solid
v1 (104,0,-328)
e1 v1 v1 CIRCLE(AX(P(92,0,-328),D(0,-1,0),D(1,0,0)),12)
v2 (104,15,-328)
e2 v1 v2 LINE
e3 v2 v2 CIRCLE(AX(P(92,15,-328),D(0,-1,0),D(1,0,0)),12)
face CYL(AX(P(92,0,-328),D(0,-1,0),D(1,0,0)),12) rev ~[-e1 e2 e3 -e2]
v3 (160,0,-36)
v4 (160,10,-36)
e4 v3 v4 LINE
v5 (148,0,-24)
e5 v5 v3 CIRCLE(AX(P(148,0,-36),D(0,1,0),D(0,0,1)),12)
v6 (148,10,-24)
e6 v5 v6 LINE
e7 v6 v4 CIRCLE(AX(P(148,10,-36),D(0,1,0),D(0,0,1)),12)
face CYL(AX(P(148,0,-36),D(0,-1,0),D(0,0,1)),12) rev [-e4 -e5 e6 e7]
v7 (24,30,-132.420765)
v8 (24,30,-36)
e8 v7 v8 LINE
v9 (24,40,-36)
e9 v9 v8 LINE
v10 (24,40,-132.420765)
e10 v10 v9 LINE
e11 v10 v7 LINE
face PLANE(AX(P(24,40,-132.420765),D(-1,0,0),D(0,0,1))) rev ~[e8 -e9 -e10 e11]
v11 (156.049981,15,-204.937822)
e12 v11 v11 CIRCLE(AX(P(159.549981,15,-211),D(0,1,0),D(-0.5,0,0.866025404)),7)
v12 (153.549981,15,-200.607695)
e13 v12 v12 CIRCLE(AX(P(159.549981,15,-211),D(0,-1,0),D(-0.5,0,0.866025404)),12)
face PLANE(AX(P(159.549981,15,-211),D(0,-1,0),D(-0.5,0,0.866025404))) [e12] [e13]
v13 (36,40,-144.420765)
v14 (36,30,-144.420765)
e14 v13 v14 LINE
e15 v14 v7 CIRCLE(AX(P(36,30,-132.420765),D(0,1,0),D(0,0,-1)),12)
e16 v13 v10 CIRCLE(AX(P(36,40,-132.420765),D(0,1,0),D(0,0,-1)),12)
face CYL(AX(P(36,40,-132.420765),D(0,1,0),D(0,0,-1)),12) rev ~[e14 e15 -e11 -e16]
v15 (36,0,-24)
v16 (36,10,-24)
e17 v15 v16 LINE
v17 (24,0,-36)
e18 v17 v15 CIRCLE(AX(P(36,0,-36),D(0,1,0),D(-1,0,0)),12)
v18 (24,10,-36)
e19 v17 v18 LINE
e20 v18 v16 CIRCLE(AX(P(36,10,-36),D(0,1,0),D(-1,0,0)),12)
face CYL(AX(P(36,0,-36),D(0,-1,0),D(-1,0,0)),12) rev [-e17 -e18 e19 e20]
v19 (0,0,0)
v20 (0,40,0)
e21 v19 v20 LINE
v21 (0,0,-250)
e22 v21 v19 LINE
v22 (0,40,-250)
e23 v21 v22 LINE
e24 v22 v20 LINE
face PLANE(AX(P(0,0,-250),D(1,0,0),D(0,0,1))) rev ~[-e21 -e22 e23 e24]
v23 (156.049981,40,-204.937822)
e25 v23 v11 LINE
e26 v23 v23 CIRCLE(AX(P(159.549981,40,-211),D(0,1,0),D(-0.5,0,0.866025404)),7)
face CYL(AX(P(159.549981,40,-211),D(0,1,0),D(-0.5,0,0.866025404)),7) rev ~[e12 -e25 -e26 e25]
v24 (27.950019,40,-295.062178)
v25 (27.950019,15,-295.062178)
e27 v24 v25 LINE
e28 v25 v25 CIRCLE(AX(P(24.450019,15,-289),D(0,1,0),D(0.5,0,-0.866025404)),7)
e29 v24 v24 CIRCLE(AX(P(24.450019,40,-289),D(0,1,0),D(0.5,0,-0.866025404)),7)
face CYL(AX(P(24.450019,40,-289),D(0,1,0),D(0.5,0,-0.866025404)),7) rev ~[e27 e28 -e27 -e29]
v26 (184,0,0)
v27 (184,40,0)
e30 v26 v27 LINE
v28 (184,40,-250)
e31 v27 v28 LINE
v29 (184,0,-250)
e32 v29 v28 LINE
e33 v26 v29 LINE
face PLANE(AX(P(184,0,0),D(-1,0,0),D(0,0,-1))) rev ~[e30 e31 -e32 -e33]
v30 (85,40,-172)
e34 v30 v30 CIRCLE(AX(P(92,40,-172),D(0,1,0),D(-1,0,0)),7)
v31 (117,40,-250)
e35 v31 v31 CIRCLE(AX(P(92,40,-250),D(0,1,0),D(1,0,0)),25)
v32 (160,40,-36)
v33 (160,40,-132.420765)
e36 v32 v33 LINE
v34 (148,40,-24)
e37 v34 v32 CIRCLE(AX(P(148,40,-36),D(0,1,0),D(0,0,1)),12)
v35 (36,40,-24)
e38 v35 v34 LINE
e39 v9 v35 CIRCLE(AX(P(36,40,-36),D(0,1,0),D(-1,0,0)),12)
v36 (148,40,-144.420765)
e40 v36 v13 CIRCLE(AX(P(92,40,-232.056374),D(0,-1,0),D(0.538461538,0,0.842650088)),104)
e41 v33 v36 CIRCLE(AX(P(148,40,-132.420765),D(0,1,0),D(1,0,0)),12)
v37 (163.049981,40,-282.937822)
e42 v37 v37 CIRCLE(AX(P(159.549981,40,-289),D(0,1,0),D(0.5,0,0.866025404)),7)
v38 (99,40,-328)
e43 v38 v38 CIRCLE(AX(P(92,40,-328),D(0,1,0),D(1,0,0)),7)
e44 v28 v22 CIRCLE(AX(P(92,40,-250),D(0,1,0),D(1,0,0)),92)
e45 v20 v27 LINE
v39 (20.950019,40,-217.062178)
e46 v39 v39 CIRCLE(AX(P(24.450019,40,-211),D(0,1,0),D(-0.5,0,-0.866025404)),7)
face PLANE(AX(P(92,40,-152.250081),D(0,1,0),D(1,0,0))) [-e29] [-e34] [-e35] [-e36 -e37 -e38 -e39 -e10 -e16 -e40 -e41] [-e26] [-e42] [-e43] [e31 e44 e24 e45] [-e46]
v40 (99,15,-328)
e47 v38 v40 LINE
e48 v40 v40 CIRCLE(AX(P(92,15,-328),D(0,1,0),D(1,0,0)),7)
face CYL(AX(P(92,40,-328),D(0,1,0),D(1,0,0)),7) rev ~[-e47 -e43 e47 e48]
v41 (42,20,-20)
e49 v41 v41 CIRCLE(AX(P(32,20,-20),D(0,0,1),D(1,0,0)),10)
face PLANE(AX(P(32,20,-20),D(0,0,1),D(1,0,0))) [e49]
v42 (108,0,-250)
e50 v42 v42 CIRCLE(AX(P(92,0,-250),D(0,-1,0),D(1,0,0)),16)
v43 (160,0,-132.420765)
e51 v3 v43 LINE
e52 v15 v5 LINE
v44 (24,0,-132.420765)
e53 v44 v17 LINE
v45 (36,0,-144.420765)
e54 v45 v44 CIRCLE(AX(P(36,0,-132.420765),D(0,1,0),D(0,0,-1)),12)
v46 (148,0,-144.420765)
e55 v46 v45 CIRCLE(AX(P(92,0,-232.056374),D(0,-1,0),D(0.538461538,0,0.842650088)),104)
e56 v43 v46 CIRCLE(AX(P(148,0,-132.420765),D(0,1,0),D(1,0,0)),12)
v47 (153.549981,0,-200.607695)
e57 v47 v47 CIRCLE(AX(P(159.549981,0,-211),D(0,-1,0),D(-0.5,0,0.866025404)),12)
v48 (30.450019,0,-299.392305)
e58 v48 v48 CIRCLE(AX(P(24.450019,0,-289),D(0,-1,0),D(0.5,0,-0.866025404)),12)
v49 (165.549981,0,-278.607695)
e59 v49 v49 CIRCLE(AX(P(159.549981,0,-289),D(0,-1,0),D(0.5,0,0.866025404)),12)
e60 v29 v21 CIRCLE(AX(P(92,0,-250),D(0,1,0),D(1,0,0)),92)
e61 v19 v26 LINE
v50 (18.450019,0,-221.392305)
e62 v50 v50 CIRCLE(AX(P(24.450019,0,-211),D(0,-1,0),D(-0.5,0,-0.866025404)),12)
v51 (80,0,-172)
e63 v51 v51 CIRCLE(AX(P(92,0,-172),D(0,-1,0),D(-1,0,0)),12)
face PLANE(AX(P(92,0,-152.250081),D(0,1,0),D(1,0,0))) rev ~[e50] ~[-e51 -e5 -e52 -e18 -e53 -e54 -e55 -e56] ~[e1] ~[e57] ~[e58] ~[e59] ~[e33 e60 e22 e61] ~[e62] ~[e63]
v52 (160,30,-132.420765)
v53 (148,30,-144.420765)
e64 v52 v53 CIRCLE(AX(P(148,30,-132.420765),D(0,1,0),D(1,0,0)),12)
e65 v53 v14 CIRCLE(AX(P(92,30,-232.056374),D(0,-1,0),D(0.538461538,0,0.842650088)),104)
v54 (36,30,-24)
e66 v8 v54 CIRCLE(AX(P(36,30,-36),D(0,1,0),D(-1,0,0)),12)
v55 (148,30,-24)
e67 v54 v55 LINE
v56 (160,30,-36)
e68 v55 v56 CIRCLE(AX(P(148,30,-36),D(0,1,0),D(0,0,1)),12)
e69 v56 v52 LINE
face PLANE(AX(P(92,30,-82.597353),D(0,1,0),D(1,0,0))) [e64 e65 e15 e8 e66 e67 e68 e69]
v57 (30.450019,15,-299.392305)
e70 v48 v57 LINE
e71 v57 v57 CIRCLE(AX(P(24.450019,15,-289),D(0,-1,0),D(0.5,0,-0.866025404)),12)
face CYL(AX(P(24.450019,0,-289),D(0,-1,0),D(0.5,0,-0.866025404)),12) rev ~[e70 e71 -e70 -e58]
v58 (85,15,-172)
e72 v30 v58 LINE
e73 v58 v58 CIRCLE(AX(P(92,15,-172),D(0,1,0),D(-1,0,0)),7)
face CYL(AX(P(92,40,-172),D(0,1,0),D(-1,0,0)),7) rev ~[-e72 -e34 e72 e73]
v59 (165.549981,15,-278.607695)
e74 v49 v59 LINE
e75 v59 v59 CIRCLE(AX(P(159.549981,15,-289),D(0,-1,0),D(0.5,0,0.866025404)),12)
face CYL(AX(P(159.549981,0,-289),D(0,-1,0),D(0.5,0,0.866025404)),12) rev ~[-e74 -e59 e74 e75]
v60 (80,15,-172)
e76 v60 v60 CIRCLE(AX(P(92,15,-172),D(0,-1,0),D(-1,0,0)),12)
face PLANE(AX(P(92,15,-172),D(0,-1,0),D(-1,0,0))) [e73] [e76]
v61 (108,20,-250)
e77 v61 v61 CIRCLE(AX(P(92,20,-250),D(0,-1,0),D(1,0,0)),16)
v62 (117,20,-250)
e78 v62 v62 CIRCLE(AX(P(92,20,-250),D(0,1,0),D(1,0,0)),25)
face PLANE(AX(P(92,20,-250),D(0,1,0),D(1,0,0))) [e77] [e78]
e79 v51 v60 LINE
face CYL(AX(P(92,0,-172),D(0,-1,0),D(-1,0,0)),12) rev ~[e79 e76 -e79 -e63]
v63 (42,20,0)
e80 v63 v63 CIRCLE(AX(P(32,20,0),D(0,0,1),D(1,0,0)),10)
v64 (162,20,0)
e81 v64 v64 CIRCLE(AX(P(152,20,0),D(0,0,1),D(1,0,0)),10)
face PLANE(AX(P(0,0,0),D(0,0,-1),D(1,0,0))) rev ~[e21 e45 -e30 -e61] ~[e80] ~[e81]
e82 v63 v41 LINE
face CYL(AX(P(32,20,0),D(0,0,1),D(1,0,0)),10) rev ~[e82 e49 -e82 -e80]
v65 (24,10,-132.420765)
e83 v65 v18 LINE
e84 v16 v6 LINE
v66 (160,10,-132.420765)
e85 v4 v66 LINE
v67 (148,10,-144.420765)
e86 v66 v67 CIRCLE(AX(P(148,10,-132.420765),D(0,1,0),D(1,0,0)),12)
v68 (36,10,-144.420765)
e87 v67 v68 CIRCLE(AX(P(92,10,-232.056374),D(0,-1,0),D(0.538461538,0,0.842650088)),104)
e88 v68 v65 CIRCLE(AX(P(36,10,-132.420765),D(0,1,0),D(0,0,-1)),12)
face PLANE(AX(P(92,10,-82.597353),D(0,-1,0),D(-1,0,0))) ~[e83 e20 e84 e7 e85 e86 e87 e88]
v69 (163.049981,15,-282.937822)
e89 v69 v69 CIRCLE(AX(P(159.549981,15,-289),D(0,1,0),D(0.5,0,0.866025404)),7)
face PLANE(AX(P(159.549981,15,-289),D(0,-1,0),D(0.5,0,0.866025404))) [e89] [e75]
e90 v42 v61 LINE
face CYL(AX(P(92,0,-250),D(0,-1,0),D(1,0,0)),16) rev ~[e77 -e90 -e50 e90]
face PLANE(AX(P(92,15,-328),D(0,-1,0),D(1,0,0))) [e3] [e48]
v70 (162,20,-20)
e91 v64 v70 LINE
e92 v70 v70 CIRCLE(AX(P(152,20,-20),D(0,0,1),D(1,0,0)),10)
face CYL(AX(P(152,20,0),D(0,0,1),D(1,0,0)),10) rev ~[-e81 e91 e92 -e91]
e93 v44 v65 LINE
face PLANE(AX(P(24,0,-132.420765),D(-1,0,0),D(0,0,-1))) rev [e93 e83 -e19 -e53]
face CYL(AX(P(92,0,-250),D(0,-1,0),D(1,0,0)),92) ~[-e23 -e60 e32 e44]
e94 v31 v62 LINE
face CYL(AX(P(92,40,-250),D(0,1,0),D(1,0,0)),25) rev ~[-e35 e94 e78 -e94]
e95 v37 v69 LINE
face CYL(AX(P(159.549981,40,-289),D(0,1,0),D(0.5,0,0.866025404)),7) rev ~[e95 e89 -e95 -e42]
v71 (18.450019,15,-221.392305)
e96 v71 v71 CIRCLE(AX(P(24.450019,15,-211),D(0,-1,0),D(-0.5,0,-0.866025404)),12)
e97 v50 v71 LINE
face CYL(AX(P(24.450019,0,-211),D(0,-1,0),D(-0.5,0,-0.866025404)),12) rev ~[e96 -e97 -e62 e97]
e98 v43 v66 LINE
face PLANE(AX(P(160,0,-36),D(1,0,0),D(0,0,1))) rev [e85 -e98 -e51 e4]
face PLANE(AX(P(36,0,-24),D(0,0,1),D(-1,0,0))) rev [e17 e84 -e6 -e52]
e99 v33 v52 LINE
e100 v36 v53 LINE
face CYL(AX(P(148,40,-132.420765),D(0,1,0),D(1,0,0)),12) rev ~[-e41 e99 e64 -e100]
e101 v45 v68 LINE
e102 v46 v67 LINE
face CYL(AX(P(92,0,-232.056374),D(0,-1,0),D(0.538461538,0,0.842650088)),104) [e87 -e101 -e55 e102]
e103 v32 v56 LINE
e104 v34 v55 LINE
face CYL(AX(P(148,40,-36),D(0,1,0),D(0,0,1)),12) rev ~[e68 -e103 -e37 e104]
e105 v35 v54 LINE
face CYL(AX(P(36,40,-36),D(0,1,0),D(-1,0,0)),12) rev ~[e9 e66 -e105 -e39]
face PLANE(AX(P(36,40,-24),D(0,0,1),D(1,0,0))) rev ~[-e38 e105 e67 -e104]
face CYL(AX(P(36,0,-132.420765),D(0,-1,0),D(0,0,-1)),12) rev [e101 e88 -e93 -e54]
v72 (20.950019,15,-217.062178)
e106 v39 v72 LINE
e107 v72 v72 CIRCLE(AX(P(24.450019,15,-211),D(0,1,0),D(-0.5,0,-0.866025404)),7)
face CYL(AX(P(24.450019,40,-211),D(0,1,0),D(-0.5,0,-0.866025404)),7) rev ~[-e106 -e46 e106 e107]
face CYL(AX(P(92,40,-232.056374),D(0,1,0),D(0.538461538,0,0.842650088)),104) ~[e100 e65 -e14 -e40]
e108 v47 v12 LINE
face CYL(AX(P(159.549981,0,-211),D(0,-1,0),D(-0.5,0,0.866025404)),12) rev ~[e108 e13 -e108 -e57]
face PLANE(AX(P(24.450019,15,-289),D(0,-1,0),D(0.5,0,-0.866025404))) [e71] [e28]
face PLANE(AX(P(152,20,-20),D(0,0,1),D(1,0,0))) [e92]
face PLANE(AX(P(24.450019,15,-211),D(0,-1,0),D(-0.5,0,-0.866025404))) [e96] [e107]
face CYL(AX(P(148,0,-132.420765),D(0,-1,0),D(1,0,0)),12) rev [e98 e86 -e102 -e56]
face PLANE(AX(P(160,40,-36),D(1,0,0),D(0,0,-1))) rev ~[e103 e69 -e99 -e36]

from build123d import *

# Parameters (mm, degrees)
BOSS_EXTRUDE1_DEPTH = 40
SKETCH5_R           = 25
CUT_EXTRUDE1_DEPTH  = 20
SKETCH6_R           = 16
CUT_EXTRUDE2_DEPTH  = 20
SKETCH7_R           = 7
CUT_EXTRUDE3_DEPTH  = 25
CIRPATTERN1_COUNT   = 6
SKETCH8_R           = 12
CUT_EXTRUDE4_DEPTH  = 15
CIRPATTERN2_COUNT   = 6
CUT_EXTRUDE5_DEPTH  = 10
SKETCH13_R          = 10
CUT_EXTRUDE10_DEPTH = 20


with BuildPart() as part:
    # Sketch3 → Boss-Extrude1 (new body)
    with BuildSketch(Plane(origin=(0, 0, 0), x_dir=(1, 0, 0), z_dir=(0, 1, 0))):
        with BuildLine():
            Line((0, 0), (184, 0))
            Line((184, 0), (184, 250))
            ThreePointArc((184, 250), (92, 342), (0, 250))
            Line((0, 250), (0, 0))
        make_face()
    extrude(amount=BOSS_EXTRUDE1_DEPTH)

    # Sketch5 → Cut-Extrude1 (cut)
    with BuildSketch(Plane(origin=(0, 40, 0), x_dir=(1, 0, 0), z_dir=(0, 1, 0))):
        with Locations((92, 250)):
            Circle(SKETCH5_R)
    extrude(amount=-CUT_EXTRUDE1_DEPTH, mode=Mode.SUBTRACT)

    # Sketch6 → Cut-Extrude2 (cut)
    with BuildSketch(Plane.XZ):
        with Locations((92, -250)):
            Circle(SKETCH6_R)
    extrude(amount=-CUT_EXTRUDE2_DEPTH, mode=Mode.SUBTRACT)

    # Sketch7 → Cut-Extrude3 (cut)
    with BuildSketch(Plane(origin=(0, 40, 0), x_dir=(1, 0, 0), z_dir=(0, 1, 0))):
        with Locations((92, 328)):
            Circle(SKETCH7_R)
    cut_extrude3 = extrude(amount=-CUT_EXTRUDE3_DEPTH, mode=Mode.SUBTRACT)

    # CirPattern1: Cut-Extrude3 ×6 about axis
    cirpattern1_axis = Axis((92, 0, -250), (0, 1, 0))
    for i in range(1, CIRPATTERN1_COUNT):
        add(cut_extrude3.rotate(cirpattern1_axis, i * 360 / CIRPATTERN1_COUNT), mode=Mode.SUBTRACT)

    # Sketch8 → Cut-Extrude4 (cut)
    with BuildSketch(Plane.XZ):
        with Locations((92, -328)):
            Circle(SKETCH8_R)
    cut_extrude4 = extrude(amount=-CUT_EXTRUDE4_DEPTH, mode=Mode.SUBTRACT)

    # CirPattern2: Cut-Extrude4 ×6 about axis
    cirpattern2_axis = Axis((92, 0, -250), (0, 1, 0))
    for i in range(1, CIRPATTERN2_COUNT):
        add(cut_extrude4.rotate(cirpattern2_axis, i * 360 / CIRPATTERN2_COUNT), mode=Mode.SUBTRACT)

    # Sketch9 → Cut-Extrude5 (cut)
    with BuildSketch(Plane(origin=(0, 40, 0), x_dir=(1, 0, 0), z_dir=(0, 1, 0))):
        with BuildLine():
            Line((36, 24), (148, 24))
            ThreePointArc((148, 24), (156.485281374, 27.514718626), (160, 36))
            Line((160, 36), (160, 132.420765027))
            ThreePointArc((160, 132.420765027), (156.485281374, 140.906046402), (148, 144.420765027))
            ThreePointArc((148, 144.420765027), (92, 128.056374228), (36, 144.420765027))
            ThreePointArc((36, 144.420765027), (27.514718626, 140.906046402), (24, 132.420765027))
            Line((24, 132.420765027), (24, 36))
            ThreePointArc((24, 36), (27.514718626, 27.514718626), (36, 24))
        make_face()
    cut_extrude5 = extrude(amount=-CUT_EXTRUDE5_DEPTH, mode=Mode.SUBTRACT)

    # Mirror1: Cut-Extrude5 across plane
    add(cut_extrude5.mirror(Plane.ZX.offset(20)), mode=Mode.SUBTRACT)

    # Sketch13 → Cut-Extrude10 (cut)
    with BuildSketch(Plane.XY):
        with Locations((32, 20)):
            Circle(SKETCH13_R)
        with Locations((152, 20)):
            Circle(SKETCH13_R)
    extrude(amount=-CUT_EXTRUDE10_DEPTH, mode=Mode.SUBTRACT)


solid = part.part
